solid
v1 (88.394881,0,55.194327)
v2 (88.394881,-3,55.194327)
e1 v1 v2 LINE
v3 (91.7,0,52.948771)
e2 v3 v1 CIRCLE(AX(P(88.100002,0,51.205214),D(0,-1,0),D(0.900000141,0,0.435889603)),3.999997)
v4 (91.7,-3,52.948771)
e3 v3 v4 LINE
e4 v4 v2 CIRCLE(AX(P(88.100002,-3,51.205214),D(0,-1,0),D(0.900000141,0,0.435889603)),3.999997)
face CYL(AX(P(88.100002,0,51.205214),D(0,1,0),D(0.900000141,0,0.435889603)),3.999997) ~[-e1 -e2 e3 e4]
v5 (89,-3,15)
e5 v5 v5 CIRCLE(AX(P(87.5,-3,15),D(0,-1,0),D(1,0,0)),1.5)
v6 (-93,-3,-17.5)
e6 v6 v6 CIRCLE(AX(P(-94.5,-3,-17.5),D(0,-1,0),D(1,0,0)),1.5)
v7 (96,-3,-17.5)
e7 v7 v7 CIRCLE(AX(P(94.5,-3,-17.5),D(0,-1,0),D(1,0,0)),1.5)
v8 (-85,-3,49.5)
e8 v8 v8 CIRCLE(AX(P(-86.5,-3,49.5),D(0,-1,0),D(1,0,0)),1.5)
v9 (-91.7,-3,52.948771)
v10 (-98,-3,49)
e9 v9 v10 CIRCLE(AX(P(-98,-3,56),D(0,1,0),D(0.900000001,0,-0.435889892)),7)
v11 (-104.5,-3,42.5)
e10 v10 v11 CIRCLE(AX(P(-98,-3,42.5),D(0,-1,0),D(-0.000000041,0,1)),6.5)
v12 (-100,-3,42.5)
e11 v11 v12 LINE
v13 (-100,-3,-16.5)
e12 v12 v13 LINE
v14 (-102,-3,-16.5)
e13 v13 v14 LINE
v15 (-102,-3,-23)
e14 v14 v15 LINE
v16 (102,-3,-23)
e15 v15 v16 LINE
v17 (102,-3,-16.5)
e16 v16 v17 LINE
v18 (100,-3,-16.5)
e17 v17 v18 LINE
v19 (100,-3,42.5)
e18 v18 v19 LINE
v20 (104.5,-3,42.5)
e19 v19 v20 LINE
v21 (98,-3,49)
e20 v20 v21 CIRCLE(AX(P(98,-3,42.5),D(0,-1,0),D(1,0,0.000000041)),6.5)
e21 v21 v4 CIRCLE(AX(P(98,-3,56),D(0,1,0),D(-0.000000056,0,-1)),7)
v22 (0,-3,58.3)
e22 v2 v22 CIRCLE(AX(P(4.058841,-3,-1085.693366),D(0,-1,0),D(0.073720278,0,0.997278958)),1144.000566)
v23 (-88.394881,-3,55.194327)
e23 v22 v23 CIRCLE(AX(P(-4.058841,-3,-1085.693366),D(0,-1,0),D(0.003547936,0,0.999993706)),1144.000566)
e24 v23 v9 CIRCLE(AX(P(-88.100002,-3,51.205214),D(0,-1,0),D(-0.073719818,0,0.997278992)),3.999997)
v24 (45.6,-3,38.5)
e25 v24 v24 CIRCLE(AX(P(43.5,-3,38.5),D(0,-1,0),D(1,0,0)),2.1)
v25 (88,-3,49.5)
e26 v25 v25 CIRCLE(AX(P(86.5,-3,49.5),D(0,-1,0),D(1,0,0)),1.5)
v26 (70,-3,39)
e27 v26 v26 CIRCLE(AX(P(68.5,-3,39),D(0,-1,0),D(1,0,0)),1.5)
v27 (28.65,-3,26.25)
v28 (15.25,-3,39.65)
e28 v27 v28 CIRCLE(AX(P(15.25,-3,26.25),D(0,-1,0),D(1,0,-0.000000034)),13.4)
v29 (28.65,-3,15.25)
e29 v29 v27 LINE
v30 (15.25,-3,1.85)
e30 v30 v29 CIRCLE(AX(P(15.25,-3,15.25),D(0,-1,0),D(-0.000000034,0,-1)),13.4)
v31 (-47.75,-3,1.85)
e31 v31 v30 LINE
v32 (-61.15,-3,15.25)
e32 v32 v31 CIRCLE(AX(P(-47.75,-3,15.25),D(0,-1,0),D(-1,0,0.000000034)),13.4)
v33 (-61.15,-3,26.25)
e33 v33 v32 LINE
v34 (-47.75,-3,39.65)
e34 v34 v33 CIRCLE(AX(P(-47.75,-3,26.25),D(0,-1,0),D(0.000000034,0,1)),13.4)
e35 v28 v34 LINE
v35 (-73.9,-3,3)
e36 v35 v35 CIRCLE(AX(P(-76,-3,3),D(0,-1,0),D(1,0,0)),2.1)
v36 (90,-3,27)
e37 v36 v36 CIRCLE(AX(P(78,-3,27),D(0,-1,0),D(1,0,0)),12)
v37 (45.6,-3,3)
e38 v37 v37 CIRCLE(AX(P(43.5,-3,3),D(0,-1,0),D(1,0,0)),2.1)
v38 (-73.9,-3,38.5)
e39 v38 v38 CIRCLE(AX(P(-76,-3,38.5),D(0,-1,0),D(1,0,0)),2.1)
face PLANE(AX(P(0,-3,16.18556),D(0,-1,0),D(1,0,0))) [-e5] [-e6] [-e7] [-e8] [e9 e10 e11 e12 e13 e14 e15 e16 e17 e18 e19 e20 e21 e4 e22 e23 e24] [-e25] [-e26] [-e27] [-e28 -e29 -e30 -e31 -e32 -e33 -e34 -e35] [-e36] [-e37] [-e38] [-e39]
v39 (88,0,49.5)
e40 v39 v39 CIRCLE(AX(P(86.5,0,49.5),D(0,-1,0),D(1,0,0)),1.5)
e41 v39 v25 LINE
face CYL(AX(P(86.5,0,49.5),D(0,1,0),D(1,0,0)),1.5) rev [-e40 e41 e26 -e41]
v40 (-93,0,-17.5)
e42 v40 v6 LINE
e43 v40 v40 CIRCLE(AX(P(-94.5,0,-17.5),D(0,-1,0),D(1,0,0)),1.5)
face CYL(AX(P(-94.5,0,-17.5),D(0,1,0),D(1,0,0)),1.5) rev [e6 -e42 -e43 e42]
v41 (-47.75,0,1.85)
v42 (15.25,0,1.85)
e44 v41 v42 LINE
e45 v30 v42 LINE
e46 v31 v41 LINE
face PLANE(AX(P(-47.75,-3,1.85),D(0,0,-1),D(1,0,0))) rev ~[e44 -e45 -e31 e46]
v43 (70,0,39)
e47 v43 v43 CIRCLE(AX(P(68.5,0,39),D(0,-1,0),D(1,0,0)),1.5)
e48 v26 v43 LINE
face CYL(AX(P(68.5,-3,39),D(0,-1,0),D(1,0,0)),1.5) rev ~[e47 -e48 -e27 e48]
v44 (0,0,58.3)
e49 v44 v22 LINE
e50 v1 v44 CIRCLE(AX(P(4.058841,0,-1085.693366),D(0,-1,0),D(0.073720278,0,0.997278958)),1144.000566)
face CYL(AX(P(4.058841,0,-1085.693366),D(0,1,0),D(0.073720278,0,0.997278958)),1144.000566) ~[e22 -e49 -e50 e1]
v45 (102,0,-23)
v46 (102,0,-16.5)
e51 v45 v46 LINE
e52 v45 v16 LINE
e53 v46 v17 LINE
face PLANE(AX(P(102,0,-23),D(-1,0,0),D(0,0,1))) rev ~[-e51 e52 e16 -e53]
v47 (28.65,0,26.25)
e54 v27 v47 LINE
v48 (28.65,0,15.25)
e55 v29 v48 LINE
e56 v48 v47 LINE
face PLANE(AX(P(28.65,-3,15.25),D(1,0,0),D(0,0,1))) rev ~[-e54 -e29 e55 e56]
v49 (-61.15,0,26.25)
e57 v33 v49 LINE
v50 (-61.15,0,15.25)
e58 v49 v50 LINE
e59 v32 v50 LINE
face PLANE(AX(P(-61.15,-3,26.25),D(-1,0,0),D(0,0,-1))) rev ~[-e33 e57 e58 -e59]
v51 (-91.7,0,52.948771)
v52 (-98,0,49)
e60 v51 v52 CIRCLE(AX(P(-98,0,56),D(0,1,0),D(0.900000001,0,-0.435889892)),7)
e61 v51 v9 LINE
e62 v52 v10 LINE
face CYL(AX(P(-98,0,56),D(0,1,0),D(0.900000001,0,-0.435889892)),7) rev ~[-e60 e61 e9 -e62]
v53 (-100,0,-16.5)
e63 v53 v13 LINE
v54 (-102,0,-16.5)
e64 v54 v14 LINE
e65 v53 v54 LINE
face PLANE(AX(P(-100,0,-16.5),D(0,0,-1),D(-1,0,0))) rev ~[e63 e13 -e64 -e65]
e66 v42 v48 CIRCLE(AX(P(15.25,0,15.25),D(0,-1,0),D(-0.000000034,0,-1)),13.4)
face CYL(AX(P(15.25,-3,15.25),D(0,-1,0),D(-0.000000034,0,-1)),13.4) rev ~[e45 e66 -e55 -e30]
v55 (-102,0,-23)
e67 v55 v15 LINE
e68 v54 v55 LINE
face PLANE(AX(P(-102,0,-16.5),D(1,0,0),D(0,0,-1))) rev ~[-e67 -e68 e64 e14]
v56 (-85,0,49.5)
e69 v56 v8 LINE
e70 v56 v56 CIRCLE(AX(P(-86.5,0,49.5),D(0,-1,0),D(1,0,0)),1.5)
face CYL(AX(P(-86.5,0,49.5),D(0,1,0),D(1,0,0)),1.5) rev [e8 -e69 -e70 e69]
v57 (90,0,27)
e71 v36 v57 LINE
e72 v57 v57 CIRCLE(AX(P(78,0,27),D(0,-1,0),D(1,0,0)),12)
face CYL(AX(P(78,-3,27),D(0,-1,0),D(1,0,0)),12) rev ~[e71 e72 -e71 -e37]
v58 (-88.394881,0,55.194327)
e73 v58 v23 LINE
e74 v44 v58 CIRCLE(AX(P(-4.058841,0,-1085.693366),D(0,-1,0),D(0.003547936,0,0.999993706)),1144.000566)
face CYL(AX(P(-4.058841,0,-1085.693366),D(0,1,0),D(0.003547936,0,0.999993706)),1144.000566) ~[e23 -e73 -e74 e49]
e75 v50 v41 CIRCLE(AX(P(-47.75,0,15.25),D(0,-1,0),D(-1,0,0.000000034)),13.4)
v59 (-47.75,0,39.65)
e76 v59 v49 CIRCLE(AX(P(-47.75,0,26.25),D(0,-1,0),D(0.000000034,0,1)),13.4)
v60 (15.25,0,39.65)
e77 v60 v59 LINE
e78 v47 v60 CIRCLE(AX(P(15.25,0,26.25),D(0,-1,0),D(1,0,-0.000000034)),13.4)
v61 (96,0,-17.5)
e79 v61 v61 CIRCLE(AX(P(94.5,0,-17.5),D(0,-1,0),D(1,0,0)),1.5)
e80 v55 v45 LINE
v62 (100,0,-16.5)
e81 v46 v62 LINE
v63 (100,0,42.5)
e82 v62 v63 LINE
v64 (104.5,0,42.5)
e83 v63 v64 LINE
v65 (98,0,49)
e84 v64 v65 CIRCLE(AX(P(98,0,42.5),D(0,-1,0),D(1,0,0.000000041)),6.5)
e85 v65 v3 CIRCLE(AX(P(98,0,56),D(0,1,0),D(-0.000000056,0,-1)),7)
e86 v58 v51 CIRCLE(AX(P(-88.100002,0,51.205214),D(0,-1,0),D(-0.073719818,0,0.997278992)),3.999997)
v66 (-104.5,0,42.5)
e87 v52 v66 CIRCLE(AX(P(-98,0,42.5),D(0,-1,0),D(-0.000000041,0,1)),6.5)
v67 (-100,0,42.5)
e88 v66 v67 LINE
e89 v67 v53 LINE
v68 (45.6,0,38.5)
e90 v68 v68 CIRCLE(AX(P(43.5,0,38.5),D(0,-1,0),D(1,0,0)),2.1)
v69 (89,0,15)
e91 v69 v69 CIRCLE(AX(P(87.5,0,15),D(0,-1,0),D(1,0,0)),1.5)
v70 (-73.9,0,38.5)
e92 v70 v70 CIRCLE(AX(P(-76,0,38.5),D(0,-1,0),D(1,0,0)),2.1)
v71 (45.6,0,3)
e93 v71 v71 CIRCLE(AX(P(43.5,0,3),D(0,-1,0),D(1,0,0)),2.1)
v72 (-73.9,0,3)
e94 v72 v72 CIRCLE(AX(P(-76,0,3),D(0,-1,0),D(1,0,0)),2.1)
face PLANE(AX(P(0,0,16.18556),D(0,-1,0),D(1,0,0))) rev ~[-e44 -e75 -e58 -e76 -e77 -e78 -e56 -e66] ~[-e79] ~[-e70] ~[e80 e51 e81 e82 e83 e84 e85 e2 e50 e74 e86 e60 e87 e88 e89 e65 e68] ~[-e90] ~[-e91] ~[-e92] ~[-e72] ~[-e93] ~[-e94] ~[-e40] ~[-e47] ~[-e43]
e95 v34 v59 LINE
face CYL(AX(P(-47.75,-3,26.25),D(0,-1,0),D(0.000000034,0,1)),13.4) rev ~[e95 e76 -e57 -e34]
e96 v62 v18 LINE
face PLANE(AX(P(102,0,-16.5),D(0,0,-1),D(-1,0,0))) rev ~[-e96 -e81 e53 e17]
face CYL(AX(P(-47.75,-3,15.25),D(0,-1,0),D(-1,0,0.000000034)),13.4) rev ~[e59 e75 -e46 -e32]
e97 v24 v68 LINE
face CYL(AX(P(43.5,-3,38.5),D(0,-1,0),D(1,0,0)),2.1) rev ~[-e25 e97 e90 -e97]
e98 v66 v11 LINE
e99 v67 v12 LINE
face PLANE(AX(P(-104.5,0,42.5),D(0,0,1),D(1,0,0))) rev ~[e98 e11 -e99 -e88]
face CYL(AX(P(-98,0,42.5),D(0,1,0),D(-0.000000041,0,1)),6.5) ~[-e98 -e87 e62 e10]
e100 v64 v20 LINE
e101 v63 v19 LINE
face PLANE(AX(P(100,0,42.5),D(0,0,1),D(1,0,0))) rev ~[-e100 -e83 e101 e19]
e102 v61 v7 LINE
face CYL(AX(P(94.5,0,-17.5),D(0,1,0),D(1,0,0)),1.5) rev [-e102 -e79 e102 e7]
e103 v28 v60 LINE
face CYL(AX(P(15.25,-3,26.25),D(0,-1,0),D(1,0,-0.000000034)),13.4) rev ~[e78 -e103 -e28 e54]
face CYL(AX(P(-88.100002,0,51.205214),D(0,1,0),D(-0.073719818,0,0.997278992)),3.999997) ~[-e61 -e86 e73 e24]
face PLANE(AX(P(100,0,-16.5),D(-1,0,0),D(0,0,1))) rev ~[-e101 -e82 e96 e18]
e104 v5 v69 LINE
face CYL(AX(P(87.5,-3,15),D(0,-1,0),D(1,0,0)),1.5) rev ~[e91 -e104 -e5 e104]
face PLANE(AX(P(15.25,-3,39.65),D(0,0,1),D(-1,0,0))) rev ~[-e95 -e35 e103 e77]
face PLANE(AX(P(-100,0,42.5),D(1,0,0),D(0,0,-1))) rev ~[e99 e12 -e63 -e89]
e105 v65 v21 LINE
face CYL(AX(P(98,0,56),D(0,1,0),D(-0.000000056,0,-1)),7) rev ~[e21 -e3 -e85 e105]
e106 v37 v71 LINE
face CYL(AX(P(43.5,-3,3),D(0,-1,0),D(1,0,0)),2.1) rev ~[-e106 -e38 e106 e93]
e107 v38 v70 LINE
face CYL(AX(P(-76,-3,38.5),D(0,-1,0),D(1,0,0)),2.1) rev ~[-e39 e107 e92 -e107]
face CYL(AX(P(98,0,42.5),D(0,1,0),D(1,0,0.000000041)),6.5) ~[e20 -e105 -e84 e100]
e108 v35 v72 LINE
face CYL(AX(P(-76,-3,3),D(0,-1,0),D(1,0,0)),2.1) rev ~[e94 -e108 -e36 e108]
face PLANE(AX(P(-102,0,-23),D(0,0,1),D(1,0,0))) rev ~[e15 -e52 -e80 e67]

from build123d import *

# Parameters (mm, degrees)
F0_R     = 1.5
F1_DEPTH = 3
F2_R     = 12
F2_R_2   = 1.5
F3_DEPTH = 25
F4_R     = 2.1
F5_DEPTH = 25


with BuildPart() as f1:
    # F0 (on Front) → F1 (new body)
    with BuildSketch(Plane.XZ):
        with BuildLine():
            Line((-102, -16.5), (-102, -23))
            Line((-102, -23), (0, -23))
            Line((0, -23), (102, -23))
            Line((102, -23), (102, -16.5))
            Line((102, -16.5), (100, -16.5))
            Line((100, -16.5), (100, 42.5))
            Line((100, 42.5), (104.5, 42.5))
            ThreePointArc((104.5, 42.5), (102.596194, 47.096194), (98, 49))
            ThreePointArc((98, 49), (94.28238, 50.068786), (91.7, 52.948771))
            ThreePointArc((91.7, 52.948771), (90.347923, 54.513813), (88.394881, 55.194327))
            ThreePointArc((88.394881, 55.194327), (44.227467, 57.601774), (0, 58.3))
            ThreePointArc((0, 58.3), (-44.227467, 57.601774), (-88.394881, 55.194327))
            ThreePointArc((-88.394881, 55.194327), (-90.347923, 54.513813), (-91.7, 52.948771))
            ThreePointArc((-91.7, 52.948771), (-94.28238, 50.068786), (-98, 49))
            ThreePointArc((-98, 49), (-102.596194, 47.096194), (-104.5, 42.5))
            Line((-104.5, 42.5), (-102, 42.5))
            Line((-102, 42.5), (-100, 42.5))
            Line((-100, 42.5), (-100, -16.5))
            Line((-100, -16.5), (-102, -16.5))
        make_face()
        with Locations((-94.5, -17.5)):
            Circle(F0_R, mode=Mode.SUBTRACT)
        with Locations((94.5, -17.5)):
            Circle(F0_R, mode=Mode.SUBTRACT)
        with Locations((-86.5, 49.5)):
            Circle(F0_R, mode=Mode.SUBTRACT)
        with Locations((86.5, 49.5)):
            Circle(F0_R, mode=Mode.SUBTRACT)
    extrude(amount=F1_DEPTH)

    # F2 (on face) → F3 (cut)
    with BuildSketch(Plane.XZ.offset(3)):
        with Locations((78, 27)):
            Circle(F2_R)
        with Locations((87.5, 15)):
            Circle(F2_R_2)
        with Locations((68.5, 39)):
            Circle(F2_R_2)
    extrude(amount=-F3_DEPTH, mode=Mode.SUBTRACT)

    # F4 (on face) → F5 (cut)
    with BuildSketch(Plane.XZ.offset(3)):
        with BuildLine():
            Line((15.25, 39.65), (-47.75, 39.65))
            ThreePointArc((-47.75, 39.65), (-57.225231, 35.725231), (-61.15, 26.25))
            Line((-61.15, 26.25), (-61.15, 15.25))
            ThreePointArc((-61.15, 15.25), (-57.225231, 5.774769), (-47.75, 1.85))
            Line((-47.75, 1.85), (15.25, 1.85))
            ThreePointArc((15.25, 1.85), (24.725231, 5.774769), (28.65, 15.25))
            Line((28.65, 15.25), (28.65, 26.25))
            ThreePointArc((28.65, 26.25), (24.725231, 35.725231), (15.25, 39.65))
        make_face()
        with Locations((-76, 38.5)):
            Circle(F4_R)
        with Locations((-76, 3)):
            Circle(F4_R)
        with Locations((43.5, 3)):
            Circle(F4_R)
        with Locations((43.5, 38.5)):
            Circle(F4_R)
    extrude(amount=-F5_DEPTH, mode=Mode.SUBTRACT)


solid = f1.part
